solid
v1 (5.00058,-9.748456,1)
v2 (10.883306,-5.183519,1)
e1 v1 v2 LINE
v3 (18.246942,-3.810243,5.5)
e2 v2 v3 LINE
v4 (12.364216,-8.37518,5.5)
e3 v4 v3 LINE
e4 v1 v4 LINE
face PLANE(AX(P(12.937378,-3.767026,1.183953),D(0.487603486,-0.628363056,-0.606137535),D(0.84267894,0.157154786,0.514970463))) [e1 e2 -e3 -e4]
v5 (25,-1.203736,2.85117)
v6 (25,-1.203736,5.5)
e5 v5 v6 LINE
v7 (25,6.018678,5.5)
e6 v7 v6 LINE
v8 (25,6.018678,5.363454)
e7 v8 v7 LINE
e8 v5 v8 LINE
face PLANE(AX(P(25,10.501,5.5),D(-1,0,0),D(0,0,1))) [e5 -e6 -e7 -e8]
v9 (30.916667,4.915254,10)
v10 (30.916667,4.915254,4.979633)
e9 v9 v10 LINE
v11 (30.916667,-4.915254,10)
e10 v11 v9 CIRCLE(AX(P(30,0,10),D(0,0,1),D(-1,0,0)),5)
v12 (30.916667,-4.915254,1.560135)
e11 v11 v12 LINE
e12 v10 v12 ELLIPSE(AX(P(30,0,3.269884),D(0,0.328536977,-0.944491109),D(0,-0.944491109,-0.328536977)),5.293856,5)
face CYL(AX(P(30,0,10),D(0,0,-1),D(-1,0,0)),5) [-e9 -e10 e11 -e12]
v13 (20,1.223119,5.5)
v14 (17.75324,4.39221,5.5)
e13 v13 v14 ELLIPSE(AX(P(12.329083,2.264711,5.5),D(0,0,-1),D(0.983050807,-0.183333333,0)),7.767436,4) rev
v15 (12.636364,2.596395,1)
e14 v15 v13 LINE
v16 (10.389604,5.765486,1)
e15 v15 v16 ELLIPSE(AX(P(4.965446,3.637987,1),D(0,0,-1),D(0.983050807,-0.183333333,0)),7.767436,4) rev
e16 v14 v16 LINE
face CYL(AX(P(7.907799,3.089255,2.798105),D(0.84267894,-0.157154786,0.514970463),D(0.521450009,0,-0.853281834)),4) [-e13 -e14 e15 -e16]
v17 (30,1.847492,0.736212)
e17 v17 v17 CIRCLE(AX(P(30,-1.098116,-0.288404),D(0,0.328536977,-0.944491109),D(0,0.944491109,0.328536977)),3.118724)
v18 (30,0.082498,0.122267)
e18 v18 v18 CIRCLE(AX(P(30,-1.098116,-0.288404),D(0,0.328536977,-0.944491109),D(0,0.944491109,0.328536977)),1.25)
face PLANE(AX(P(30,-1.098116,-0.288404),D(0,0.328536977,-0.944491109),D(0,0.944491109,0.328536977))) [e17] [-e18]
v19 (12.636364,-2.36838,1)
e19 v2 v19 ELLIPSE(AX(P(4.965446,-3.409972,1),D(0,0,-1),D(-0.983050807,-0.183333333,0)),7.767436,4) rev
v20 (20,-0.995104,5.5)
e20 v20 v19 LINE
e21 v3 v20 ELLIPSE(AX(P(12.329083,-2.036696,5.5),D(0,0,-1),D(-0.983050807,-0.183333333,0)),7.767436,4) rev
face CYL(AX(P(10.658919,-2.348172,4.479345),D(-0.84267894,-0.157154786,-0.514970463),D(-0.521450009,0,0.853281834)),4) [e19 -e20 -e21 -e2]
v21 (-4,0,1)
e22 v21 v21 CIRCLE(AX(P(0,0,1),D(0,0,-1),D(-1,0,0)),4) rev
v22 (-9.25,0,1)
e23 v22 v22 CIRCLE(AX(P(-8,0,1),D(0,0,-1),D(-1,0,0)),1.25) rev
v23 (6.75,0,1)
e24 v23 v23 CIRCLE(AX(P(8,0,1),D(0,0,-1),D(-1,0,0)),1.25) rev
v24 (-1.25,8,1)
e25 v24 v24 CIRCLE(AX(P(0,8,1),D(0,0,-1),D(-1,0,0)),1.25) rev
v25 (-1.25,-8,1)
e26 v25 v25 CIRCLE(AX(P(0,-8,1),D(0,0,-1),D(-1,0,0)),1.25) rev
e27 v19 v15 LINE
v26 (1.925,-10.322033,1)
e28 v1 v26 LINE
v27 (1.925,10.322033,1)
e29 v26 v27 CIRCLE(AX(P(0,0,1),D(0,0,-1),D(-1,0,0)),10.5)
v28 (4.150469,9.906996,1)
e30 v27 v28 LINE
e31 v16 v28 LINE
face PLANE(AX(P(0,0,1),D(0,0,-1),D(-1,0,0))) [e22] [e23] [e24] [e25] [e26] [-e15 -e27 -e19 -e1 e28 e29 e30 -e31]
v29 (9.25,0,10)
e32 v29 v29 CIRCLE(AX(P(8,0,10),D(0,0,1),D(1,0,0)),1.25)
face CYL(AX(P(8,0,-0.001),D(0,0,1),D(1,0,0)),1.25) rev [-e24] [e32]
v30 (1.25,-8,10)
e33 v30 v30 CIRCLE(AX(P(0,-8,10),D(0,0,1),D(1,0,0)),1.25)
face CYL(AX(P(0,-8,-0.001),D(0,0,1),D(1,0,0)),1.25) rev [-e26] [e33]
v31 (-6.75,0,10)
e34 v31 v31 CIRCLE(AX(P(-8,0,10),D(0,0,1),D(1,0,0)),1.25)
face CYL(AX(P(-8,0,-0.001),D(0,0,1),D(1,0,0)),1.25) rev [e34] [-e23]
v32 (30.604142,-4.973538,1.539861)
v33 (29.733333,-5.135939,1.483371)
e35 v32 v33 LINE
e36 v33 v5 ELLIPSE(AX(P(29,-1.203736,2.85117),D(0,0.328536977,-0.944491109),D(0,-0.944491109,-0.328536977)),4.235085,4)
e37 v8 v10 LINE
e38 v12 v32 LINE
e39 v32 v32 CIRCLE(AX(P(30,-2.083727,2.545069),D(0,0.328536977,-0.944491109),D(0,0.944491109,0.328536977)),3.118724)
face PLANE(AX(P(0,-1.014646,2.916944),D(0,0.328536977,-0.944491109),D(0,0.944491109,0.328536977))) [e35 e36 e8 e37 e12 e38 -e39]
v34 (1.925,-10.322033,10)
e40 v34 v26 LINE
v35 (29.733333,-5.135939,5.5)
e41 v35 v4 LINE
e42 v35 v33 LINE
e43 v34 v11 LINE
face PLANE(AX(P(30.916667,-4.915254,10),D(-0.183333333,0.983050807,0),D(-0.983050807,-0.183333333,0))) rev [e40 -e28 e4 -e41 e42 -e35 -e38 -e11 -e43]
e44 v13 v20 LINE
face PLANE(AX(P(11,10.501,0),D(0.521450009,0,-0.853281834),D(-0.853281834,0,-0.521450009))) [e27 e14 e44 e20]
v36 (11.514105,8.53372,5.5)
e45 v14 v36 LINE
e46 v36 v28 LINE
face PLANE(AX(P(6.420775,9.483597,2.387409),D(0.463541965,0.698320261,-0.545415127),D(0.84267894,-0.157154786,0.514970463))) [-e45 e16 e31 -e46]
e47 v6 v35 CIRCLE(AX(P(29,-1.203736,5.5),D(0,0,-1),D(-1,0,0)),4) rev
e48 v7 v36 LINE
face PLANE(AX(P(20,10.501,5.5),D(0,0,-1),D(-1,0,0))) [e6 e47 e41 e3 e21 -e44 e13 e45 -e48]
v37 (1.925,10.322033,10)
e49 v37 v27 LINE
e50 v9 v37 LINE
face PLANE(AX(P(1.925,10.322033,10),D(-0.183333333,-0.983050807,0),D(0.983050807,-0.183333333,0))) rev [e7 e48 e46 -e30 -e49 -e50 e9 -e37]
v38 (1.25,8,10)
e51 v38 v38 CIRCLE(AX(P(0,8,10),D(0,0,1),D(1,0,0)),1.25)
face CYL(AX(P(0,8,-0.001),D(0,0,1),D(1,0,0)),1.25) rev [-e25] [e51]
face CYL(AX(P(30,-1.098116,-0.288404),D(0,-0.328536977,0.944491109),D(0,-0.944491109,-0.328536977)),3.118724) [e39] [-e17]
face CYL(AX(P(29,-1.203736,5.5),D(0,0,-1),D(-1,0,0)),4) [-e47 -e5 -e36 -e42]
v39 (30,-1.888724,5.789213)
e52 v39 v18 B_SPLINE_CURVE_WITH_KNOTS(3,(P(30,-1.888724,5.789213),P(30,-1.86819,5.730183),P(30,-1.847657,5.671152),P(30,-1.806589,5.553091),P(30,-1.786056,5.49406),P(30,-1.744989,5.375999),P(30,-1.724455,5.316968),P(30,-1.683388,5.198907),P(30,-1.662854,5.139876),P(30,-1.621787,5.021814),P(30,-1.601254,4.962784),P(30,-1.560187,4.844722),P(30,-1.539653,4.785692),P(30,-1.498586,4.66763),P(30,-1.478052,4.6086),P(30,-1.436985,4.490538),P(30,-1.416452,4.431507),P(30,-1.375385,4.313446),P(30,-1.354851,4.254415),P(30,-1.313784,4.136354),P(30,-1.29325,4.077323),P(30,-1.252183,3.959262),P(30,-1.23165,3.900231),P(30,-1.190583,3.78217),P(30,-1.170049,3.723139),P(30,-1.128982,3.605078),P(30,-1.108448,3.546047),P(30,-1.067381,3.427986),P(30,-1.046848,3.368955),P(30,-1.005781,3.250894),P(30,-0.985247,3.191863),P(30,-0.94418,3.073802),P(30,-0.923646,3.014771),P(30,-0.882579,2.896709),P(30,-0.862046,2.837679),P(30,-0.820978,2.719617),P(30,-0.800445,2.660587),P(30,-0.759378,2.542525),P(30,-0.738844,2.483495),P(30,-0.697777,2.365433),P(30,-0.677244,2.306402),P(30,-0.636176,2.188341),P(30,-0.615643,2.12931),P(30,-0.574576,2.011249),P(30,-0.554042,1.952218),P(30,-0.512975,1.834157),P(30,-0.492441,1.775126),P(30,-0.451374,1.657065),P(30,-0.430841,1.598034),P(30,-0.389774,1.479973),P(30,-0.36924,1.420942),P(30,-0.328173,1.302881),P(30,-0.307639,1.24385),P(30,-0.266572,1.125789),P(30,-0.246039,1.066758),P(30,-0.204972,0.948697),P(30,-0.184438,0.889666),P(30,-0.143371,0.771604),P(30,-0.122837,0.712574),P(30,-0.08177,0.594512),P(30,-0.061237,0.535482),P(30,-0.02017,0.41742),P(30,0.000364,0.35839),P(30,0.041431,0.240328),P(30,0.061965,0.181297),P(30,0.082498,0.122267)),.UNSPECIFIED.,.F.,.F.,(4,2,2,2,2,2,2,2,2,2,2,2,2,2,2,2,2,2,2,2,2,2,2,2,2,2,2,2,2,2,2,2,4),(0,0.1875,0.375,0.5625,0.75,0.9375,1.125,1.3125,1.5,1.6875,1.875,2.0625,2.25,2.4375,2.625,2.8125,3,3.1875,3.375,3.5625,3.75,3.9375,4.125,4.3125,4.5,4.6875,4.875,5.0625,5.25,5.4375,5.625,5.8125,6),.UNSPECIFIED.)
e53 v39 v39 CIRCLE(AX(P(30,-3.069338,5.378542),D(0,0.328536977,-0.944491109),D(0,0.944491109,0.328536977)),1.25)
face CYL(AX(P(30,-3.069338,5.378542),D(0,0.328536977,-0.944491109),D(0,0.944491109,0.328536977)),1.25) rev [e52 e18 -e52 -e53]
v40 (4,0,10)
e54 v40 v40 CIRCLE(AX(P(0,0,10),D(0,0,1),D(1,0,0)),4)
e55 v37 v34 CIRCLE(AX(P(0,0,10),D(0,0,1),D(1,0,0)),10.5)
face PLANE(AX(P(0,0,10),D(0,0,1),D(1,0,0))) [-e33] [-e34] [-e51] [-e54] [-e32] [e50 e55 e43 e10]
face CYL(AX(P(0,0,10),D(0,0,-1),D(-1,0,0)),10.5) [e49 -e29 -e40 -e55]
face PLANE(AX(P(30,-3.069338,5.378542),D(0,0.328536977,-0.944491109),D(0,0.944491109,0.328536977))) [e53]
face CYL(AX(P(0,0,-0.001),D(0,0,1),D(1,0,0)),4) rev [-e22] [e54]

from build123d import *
from OCP.BRepFilletAPI import BRepFilletAPI_MakeChamfer

# Parameters (mm, degrees)
BOSS_EXTRU_1_DEPTH                  = 10
ENL_V_MAT_EXTRU_1_REACH             = 39.885
ESQUISSE2_R                         = 4
ESQUISSE2_R_2                       = 1.25
ENL_V_MAT_EXTRU_2_REACH             = 39.885
ENL_V_MAT_EXTRU_2_DIRECTION_2_REACH = 39.885
BOSS_EXTRU_2_START                  = 2
BOSS_EXTRU_2_DEPTH                  = 2
ENL_V_MAT_EXTRU_3_REACH             = 40.347
ESQUISSE7_R                         = 1.25
ENL_V_MAT_EXTRU_4_DEPTH             = 6
ESQUISSE8_W                         = 13.848155074
ESQUISSE8_H                         = 21.741024256
ENL_V_MAT_EXTRU_5_DEPTH             = 3
BOSS_EXTRU_3_START                  = 3
ESQUISSE9_R                         = 3.118724251
ESQUISSE9_R_2                       = 1.25
BOSS_EXTRU_3_DEPTH                  = 3
CHANFREIN1_SIZE                     = 4
CHANFREIN1_SIZE2                    = 4.445329843
CONG_1_R                            = 4
ESQUISSE10_R                        = 15.631768201
ENL_V_MAT_EXTRU_6_DEPTH             = 1


with BuildPart() as part:
    # Esquisse1 → Boss.-Extru.1 (new body)
    with BuildSketch(Plane.XY):
        with BuildLine():
            Line((1.925, 10.322033472), (30.916666667, 4.915254034))
            ThreePointArc((30.916666667, 4.915254034), (35, 0), (30.916666667, -4.915254034))
            Line((30.916666667, -4.915254034), (1.925, -10.322033472))
            ThreePointArc((1.925, -10.322033472), (-10.5, 0), (1.925, 10.322033472))
        make_face()
    extrude(amount=BOSS_EXTRU_1_DEPTH)

    # Esquisse2 → Enlèv. mat.-Extru.1 (cut, up to next)
    with BuildSketch(Plane.XY.offset(10), mode=Mode.PRIVATE) as enl_v_mat_extru_1_sk1:
        Circle(ESQUISSE2_R)
    enl_v_mat_extru_1_tool1 = extrude(enl_v_mat_extru_1_sk1.sketch, amount=-ENL_V_MAT_EXTRU_1_REACH, mode=Mode.PRIVATE) & part.part
    # Esquisse2 → Enlèv. mat.-Extru.1 (cut, up to next)
    with BuildSketch(Plane.XY.offset(10), mode=Mode.PRIVATE) as enl_v_mat_extru_1_sk2:
        with Locations((0, 8)):
            Circle(ESQUISSE2_R_2)
    enl_v_mat_extru_1_tool2 = extrude(enl_v_mat_extru_1_sk2.sketch, amount=-ENL_V_MAT_EXTRU_1_REACH, mode=Mode.PRIVATE) & part.part
    # Esquisse2 → Enlèv. mat.-Extru.1 (cut, up to next)
    with BuildSketch(Plane.XY.offset(10), mode=Mode.PRIVATE) as enl_v_mat_extru_1_sk3:
        with Locations((8, 0)):
            Circle(ESQUISSE2_R_2)
    enl_v_mat_extru_1_tool3 = extrude(enl_v_mat_extru_1_sk3.sketch, amount=-ENL_V_MAT_EXTRU_1_REACH, mode=Mode.PRIVATE) & part.part
    # Esquisse2 → Enlèv. mat.-Extru.1 (cut, up to next)
    with BuildSketch(Plane.XY.offset(10), mode=Mode.PRIVATE) as enl_v_mat_extru_1_sk4:
        with Locations((0, -8)):
            Circle(ESQUISSE2_R_2)
    enl_v_mat_extru_1_tool4 = extrude(enl_v_mat_extru_1_sk4.sketch, amount=-ENL_V_MAT_EXTRU_1_REACH, mode=Mode.PRIVATE) & part.part
    # Esquisse2 → Enlèv. mat.-Extru.1 (cut, up to next)
    with BuildSketch(Plane.XY.offset(10), mode=Mode.PRIVATE) as enl_v_mat_extru_1_sk5:
        with Locations((-8, 0)):
            Circle(ESQUISSE2_R_2)
    enl_v_mat_extru_1_tool5 = extrude(enl_v_mat_extru_1_sk5.sketch, amount=-ENL_V_MAT_EXTRU_1_REACH, mode=Mode.PRIVATE) & part.part
    add(enl_v_mat_extru_1_tool1.solids().sort_by_distance((0, 0, 10))[0], mode=Mode.SUBTRACT)
    add(enl_v_mat_extru_1_tool2.solids().sort_by_distance((0, 8, 10))[0], mode=Mode.SUBTRACT)
    add(enl_v_mat_extru_1_tool3.solids().sort_by_distance((8, 0, 10))[0], mode=Mode.SUBTRACT)
    add(enl_v_mat_extru_1_tool4.solids().sort_by_distance((0, -8, 10))[0], mode=Mode.SUBTRACT)
    add(enl_v_mat_extru_1_tool5.solids().sort_by_distance((-8, 0, 10))[0], mode=Mode.SUBTRACT)

    # Enlèv. mat.-Extru.2: up to this plane
    enl_v_mat_extru_2_end = Plane(origin=(30.916666667, -4.915254034, 10), z_dir=(-0.18333333333333338, 0.9830508068705753, 0))
    # Esquisse4 → Enlèv. mat.-Extru.2 (cut, up to the surface)
    with BuildSketch(Plane(origin=(0, 0, 0), x_dir=(1, 0, 0), z_dir=(0, 1, 0)), mode=Mode.PRIVATE) as enl_v_mat_extru_2_sk1:
        Polygon((20, -5.5), (25, -5.5), (25, 0), (11, 0), align=None)
    enl_v_mat_extru_2_tool1 = split(extrude(enl_v_mat_extru_2_sk1.sketch, amount=-ENL_V_MAT_EXTRU_2_REACH, mode=Mode.PRIVATE), bisect_by=enl_v_mat_extru_2_end, keep=Keep.BOTH, mode=Mode.PRIVATE)
    add(enl_v_mat_extru_2_tool1.solids().sort_by_distance((19.894737, 0, 2.315789))[0], mode=Mode.SUBTRACT)

    # Enlèv. mat.-Extru.2 direction 2: up to this plane
    enl_v_mat_extru_2_direction_2_end = Plane(origin=(1.925, 10.322033472, 10), z_dir=(-0.18333333333333338, -0.9830508068705753, 0))
    # Esquisse4 → Enlèv. mat.-Extru.2 direction 2 (cut, up to the surface)
    with BuildSketch(Plane(origin=(0, 0, 0), x_dir=(1, 0, 0), z_dir=(0, 1, 0)), mode=Mode.PRIVATE) as enl_v_mat_extru_2_direction_2_sk1:
        Polygon((20, -5.5), (25, -5.5), (25, 0), (11, 0), align=None)
    enl_v_mat_extru_2_direction_2_tool1 = split(extrude(enl_v_mat_extru_2_direction_2_sk1.sketch, amount=ENL_V_MAT_EXTRU_2_DIRECTION_2_REACH, mode=Mode.PRIVATE), bisect_by=enl_v_mat_extru_2_direction_2_end, keep=Keep.BOTH, mode=Mode.PRIVATE)
    add(enl_v_mat_extru_2_direction_2_tool1.solids().sort_by_distance((19.894737, 0, 2.315789))[0], mode=Mode.SUBTRACT)

    # Esquisse5 → Boss.-Extru.2 (add)
    with BuildSketch(Plane(origin=(0, 0, 0), x_dir=(-1, 0, 0), z_dir=(0, 0, -1)).offset(BOSS_EXTRU_2_START)):
        with BuildLine():
            Line((-25, -6.018678409), (-25, 6.018678409))
            Line((-25, 6.018678409), (-30.916666667, 4.915254034))
            ThreePointArc((-30.916666667, 4.915254034), (-35, 0), (-30.916666667, -4.915254034))
            Line((-30.916666667, -4.915254034), (-25, -6.018678409))
        make_face()
    extrude(amount=-BOSS_EXTRU_2_DEPTH)

    # Esquisse6 → Enlèv. mat.-Extru.3 (cut, up to next)
    with BuildSketch(Plane.ZY.offset(-25), mode=Mode.PRIVATE) as enl_v_mat_extru_3_sk1:
        Polygon((-2, -6.018678409), (2.18714034, 6.018678409), (-2, 6.018678409), align=None)
    enl_v_mat_extru_3_tool1 = extrude(enl_v_mat_extru_3_sk1.sketch, amount=-ENL_V_MAT_EXTRU_3_REACH, mode=Mode.PRIVATE) & part.part
    add(enl_v_mat_extru_3_tool1.solids().sort_by_distance((25, 2.006226, -0.604287))[0], mode=Mode.SUBTRACT)

    # Esquisse7 → Enlèv. mat.-Extru.4 (cut)
    with BuildSketch(Plane(origin=(0, -0.029034847, 0.083470529), x_dir=(-1, 0, 0), z_dir=(0, 0.32853697716879604, -0.9444911088161656))):
        with Locations(Location((-30, -1.131912, 0), (0, 0, 90))):
            Circle(ESQUISSE7_R)
    extrude(amount=-ENL_V_MAT_EXTRU_4_DEPTH, mode=Mode.SUBTRACT)

    # Esquisse8 → Enlèv. mat.-Extru.5 (cut)
    with BuildSketch(Plane(origin=(0, -0.029034847, 0.083470529), x_dir=(-1, 0, 0), z_dir=(0, 0.32853697716879604, -0.9444911088161656))):
        with Locations((-31.924077537, 0.043327094)):
            Rectangle(ESQUISSE8_W, ESQUISSE8_H)
    extrude(amount=-ENL_V_MAT_EXTRU_5_DEPTH, mode=Mode.SUBTRACT)

    # Esquisse9 → Boss.-Extru.3 (add)
    with BuildSketch(Plane(origin=(0, -1.014645779, 2.916943855), x_dir=(-1, 0, 0), z_dir=(0, 0.328536977168796, -0.9444911088161656)).offset(BOSS_EXTRU_3_START)):
        with Locations(Location((-30, -1.131912, 0), (0, 0, 258.83035879))):
            Circle(ESQUISSE9_R)
        with Locations(Location((-30, -1.131912, 0), (0, 0, 90))):
            Circle(ESQUISSE9_R_2, mode=Mode.SUBTRACT)
    extrude(amount=-BOSS_EXTRU_3_DEPTH)

    # Chanfrein1: one chamfer whose edges measure the first distance from different faces: ONE call of the kernel's chamfer builder (chamfer() names one face for all edges)
    chanfrein1_edges_1 = [part.edges().sort_by_distance(p)[0] for p in [
        (15.5, 7.790373885, 2.75),
    ]]
    chanfrein1_side_1 = [part.faces().sort_by_distance(p)[0] for p in [
        (15.338411317, 0, 2.65125136),
    ]]
    chanfrein1_edges_2 = [part.edges().sort_by_distance(p)[0] for p in [
        (15.5, -7.790373885, 2.75),
    ]]
    chanfrein1_side_2 = [part.faces().sort_by_distance(p)[0] for p in [
        (15.218457671, -7.842879913, 5.762953271),
    ]]
    chanfrein1 = BRepFilletAPI_MakeChamfer(part.part.solid().wrapped)
    for e in chanfrein1_edges_1:
        chanfrein1.Add(CHANFREIN1_SIZE, CHANFREIN1_SIZE2, e.wrapped, chanfrein1_side_1[0].wrapped)  # the first distance lies on this face
    for e in chanfrein1_edges_2:
        chanfrein1.Add(CHANFREIN1_SIZE, CHANFREIN1_SIZE2, e.wrapped, chanfrein1_side_2[0].wrapped)  # the first distance lies on this face
    add(Compound.cast(chanfrein1.Shape()), mode=Mode.REPLACE)

    # Congé1
    cong_1_edges = [part.edges().sort_by_distance(p)[0] for p in [
        (15.5, -3.289111279, 2.75),
        (15.5, 3.740044425, 2.75),
        (25, -6.018678409, 3.338156824),
    ]]
    fillet(cong_1_edges, radius=CONG_1_R)

    # Esquisse10 → Enlèv. mat.-Extru.6 (cut)
    with BuildSketch(Plane(origin=(0, 0, 0), x_dir=(-1, 0, 0), z_dir=(0, 0, -1))):
        Circle(ESQUISSE10_R)
    extrude(amount=-ENL_V_MAT_EXTRU_6_DEPTH, mode=Mode.SUBTRACT)


solid = part.part
